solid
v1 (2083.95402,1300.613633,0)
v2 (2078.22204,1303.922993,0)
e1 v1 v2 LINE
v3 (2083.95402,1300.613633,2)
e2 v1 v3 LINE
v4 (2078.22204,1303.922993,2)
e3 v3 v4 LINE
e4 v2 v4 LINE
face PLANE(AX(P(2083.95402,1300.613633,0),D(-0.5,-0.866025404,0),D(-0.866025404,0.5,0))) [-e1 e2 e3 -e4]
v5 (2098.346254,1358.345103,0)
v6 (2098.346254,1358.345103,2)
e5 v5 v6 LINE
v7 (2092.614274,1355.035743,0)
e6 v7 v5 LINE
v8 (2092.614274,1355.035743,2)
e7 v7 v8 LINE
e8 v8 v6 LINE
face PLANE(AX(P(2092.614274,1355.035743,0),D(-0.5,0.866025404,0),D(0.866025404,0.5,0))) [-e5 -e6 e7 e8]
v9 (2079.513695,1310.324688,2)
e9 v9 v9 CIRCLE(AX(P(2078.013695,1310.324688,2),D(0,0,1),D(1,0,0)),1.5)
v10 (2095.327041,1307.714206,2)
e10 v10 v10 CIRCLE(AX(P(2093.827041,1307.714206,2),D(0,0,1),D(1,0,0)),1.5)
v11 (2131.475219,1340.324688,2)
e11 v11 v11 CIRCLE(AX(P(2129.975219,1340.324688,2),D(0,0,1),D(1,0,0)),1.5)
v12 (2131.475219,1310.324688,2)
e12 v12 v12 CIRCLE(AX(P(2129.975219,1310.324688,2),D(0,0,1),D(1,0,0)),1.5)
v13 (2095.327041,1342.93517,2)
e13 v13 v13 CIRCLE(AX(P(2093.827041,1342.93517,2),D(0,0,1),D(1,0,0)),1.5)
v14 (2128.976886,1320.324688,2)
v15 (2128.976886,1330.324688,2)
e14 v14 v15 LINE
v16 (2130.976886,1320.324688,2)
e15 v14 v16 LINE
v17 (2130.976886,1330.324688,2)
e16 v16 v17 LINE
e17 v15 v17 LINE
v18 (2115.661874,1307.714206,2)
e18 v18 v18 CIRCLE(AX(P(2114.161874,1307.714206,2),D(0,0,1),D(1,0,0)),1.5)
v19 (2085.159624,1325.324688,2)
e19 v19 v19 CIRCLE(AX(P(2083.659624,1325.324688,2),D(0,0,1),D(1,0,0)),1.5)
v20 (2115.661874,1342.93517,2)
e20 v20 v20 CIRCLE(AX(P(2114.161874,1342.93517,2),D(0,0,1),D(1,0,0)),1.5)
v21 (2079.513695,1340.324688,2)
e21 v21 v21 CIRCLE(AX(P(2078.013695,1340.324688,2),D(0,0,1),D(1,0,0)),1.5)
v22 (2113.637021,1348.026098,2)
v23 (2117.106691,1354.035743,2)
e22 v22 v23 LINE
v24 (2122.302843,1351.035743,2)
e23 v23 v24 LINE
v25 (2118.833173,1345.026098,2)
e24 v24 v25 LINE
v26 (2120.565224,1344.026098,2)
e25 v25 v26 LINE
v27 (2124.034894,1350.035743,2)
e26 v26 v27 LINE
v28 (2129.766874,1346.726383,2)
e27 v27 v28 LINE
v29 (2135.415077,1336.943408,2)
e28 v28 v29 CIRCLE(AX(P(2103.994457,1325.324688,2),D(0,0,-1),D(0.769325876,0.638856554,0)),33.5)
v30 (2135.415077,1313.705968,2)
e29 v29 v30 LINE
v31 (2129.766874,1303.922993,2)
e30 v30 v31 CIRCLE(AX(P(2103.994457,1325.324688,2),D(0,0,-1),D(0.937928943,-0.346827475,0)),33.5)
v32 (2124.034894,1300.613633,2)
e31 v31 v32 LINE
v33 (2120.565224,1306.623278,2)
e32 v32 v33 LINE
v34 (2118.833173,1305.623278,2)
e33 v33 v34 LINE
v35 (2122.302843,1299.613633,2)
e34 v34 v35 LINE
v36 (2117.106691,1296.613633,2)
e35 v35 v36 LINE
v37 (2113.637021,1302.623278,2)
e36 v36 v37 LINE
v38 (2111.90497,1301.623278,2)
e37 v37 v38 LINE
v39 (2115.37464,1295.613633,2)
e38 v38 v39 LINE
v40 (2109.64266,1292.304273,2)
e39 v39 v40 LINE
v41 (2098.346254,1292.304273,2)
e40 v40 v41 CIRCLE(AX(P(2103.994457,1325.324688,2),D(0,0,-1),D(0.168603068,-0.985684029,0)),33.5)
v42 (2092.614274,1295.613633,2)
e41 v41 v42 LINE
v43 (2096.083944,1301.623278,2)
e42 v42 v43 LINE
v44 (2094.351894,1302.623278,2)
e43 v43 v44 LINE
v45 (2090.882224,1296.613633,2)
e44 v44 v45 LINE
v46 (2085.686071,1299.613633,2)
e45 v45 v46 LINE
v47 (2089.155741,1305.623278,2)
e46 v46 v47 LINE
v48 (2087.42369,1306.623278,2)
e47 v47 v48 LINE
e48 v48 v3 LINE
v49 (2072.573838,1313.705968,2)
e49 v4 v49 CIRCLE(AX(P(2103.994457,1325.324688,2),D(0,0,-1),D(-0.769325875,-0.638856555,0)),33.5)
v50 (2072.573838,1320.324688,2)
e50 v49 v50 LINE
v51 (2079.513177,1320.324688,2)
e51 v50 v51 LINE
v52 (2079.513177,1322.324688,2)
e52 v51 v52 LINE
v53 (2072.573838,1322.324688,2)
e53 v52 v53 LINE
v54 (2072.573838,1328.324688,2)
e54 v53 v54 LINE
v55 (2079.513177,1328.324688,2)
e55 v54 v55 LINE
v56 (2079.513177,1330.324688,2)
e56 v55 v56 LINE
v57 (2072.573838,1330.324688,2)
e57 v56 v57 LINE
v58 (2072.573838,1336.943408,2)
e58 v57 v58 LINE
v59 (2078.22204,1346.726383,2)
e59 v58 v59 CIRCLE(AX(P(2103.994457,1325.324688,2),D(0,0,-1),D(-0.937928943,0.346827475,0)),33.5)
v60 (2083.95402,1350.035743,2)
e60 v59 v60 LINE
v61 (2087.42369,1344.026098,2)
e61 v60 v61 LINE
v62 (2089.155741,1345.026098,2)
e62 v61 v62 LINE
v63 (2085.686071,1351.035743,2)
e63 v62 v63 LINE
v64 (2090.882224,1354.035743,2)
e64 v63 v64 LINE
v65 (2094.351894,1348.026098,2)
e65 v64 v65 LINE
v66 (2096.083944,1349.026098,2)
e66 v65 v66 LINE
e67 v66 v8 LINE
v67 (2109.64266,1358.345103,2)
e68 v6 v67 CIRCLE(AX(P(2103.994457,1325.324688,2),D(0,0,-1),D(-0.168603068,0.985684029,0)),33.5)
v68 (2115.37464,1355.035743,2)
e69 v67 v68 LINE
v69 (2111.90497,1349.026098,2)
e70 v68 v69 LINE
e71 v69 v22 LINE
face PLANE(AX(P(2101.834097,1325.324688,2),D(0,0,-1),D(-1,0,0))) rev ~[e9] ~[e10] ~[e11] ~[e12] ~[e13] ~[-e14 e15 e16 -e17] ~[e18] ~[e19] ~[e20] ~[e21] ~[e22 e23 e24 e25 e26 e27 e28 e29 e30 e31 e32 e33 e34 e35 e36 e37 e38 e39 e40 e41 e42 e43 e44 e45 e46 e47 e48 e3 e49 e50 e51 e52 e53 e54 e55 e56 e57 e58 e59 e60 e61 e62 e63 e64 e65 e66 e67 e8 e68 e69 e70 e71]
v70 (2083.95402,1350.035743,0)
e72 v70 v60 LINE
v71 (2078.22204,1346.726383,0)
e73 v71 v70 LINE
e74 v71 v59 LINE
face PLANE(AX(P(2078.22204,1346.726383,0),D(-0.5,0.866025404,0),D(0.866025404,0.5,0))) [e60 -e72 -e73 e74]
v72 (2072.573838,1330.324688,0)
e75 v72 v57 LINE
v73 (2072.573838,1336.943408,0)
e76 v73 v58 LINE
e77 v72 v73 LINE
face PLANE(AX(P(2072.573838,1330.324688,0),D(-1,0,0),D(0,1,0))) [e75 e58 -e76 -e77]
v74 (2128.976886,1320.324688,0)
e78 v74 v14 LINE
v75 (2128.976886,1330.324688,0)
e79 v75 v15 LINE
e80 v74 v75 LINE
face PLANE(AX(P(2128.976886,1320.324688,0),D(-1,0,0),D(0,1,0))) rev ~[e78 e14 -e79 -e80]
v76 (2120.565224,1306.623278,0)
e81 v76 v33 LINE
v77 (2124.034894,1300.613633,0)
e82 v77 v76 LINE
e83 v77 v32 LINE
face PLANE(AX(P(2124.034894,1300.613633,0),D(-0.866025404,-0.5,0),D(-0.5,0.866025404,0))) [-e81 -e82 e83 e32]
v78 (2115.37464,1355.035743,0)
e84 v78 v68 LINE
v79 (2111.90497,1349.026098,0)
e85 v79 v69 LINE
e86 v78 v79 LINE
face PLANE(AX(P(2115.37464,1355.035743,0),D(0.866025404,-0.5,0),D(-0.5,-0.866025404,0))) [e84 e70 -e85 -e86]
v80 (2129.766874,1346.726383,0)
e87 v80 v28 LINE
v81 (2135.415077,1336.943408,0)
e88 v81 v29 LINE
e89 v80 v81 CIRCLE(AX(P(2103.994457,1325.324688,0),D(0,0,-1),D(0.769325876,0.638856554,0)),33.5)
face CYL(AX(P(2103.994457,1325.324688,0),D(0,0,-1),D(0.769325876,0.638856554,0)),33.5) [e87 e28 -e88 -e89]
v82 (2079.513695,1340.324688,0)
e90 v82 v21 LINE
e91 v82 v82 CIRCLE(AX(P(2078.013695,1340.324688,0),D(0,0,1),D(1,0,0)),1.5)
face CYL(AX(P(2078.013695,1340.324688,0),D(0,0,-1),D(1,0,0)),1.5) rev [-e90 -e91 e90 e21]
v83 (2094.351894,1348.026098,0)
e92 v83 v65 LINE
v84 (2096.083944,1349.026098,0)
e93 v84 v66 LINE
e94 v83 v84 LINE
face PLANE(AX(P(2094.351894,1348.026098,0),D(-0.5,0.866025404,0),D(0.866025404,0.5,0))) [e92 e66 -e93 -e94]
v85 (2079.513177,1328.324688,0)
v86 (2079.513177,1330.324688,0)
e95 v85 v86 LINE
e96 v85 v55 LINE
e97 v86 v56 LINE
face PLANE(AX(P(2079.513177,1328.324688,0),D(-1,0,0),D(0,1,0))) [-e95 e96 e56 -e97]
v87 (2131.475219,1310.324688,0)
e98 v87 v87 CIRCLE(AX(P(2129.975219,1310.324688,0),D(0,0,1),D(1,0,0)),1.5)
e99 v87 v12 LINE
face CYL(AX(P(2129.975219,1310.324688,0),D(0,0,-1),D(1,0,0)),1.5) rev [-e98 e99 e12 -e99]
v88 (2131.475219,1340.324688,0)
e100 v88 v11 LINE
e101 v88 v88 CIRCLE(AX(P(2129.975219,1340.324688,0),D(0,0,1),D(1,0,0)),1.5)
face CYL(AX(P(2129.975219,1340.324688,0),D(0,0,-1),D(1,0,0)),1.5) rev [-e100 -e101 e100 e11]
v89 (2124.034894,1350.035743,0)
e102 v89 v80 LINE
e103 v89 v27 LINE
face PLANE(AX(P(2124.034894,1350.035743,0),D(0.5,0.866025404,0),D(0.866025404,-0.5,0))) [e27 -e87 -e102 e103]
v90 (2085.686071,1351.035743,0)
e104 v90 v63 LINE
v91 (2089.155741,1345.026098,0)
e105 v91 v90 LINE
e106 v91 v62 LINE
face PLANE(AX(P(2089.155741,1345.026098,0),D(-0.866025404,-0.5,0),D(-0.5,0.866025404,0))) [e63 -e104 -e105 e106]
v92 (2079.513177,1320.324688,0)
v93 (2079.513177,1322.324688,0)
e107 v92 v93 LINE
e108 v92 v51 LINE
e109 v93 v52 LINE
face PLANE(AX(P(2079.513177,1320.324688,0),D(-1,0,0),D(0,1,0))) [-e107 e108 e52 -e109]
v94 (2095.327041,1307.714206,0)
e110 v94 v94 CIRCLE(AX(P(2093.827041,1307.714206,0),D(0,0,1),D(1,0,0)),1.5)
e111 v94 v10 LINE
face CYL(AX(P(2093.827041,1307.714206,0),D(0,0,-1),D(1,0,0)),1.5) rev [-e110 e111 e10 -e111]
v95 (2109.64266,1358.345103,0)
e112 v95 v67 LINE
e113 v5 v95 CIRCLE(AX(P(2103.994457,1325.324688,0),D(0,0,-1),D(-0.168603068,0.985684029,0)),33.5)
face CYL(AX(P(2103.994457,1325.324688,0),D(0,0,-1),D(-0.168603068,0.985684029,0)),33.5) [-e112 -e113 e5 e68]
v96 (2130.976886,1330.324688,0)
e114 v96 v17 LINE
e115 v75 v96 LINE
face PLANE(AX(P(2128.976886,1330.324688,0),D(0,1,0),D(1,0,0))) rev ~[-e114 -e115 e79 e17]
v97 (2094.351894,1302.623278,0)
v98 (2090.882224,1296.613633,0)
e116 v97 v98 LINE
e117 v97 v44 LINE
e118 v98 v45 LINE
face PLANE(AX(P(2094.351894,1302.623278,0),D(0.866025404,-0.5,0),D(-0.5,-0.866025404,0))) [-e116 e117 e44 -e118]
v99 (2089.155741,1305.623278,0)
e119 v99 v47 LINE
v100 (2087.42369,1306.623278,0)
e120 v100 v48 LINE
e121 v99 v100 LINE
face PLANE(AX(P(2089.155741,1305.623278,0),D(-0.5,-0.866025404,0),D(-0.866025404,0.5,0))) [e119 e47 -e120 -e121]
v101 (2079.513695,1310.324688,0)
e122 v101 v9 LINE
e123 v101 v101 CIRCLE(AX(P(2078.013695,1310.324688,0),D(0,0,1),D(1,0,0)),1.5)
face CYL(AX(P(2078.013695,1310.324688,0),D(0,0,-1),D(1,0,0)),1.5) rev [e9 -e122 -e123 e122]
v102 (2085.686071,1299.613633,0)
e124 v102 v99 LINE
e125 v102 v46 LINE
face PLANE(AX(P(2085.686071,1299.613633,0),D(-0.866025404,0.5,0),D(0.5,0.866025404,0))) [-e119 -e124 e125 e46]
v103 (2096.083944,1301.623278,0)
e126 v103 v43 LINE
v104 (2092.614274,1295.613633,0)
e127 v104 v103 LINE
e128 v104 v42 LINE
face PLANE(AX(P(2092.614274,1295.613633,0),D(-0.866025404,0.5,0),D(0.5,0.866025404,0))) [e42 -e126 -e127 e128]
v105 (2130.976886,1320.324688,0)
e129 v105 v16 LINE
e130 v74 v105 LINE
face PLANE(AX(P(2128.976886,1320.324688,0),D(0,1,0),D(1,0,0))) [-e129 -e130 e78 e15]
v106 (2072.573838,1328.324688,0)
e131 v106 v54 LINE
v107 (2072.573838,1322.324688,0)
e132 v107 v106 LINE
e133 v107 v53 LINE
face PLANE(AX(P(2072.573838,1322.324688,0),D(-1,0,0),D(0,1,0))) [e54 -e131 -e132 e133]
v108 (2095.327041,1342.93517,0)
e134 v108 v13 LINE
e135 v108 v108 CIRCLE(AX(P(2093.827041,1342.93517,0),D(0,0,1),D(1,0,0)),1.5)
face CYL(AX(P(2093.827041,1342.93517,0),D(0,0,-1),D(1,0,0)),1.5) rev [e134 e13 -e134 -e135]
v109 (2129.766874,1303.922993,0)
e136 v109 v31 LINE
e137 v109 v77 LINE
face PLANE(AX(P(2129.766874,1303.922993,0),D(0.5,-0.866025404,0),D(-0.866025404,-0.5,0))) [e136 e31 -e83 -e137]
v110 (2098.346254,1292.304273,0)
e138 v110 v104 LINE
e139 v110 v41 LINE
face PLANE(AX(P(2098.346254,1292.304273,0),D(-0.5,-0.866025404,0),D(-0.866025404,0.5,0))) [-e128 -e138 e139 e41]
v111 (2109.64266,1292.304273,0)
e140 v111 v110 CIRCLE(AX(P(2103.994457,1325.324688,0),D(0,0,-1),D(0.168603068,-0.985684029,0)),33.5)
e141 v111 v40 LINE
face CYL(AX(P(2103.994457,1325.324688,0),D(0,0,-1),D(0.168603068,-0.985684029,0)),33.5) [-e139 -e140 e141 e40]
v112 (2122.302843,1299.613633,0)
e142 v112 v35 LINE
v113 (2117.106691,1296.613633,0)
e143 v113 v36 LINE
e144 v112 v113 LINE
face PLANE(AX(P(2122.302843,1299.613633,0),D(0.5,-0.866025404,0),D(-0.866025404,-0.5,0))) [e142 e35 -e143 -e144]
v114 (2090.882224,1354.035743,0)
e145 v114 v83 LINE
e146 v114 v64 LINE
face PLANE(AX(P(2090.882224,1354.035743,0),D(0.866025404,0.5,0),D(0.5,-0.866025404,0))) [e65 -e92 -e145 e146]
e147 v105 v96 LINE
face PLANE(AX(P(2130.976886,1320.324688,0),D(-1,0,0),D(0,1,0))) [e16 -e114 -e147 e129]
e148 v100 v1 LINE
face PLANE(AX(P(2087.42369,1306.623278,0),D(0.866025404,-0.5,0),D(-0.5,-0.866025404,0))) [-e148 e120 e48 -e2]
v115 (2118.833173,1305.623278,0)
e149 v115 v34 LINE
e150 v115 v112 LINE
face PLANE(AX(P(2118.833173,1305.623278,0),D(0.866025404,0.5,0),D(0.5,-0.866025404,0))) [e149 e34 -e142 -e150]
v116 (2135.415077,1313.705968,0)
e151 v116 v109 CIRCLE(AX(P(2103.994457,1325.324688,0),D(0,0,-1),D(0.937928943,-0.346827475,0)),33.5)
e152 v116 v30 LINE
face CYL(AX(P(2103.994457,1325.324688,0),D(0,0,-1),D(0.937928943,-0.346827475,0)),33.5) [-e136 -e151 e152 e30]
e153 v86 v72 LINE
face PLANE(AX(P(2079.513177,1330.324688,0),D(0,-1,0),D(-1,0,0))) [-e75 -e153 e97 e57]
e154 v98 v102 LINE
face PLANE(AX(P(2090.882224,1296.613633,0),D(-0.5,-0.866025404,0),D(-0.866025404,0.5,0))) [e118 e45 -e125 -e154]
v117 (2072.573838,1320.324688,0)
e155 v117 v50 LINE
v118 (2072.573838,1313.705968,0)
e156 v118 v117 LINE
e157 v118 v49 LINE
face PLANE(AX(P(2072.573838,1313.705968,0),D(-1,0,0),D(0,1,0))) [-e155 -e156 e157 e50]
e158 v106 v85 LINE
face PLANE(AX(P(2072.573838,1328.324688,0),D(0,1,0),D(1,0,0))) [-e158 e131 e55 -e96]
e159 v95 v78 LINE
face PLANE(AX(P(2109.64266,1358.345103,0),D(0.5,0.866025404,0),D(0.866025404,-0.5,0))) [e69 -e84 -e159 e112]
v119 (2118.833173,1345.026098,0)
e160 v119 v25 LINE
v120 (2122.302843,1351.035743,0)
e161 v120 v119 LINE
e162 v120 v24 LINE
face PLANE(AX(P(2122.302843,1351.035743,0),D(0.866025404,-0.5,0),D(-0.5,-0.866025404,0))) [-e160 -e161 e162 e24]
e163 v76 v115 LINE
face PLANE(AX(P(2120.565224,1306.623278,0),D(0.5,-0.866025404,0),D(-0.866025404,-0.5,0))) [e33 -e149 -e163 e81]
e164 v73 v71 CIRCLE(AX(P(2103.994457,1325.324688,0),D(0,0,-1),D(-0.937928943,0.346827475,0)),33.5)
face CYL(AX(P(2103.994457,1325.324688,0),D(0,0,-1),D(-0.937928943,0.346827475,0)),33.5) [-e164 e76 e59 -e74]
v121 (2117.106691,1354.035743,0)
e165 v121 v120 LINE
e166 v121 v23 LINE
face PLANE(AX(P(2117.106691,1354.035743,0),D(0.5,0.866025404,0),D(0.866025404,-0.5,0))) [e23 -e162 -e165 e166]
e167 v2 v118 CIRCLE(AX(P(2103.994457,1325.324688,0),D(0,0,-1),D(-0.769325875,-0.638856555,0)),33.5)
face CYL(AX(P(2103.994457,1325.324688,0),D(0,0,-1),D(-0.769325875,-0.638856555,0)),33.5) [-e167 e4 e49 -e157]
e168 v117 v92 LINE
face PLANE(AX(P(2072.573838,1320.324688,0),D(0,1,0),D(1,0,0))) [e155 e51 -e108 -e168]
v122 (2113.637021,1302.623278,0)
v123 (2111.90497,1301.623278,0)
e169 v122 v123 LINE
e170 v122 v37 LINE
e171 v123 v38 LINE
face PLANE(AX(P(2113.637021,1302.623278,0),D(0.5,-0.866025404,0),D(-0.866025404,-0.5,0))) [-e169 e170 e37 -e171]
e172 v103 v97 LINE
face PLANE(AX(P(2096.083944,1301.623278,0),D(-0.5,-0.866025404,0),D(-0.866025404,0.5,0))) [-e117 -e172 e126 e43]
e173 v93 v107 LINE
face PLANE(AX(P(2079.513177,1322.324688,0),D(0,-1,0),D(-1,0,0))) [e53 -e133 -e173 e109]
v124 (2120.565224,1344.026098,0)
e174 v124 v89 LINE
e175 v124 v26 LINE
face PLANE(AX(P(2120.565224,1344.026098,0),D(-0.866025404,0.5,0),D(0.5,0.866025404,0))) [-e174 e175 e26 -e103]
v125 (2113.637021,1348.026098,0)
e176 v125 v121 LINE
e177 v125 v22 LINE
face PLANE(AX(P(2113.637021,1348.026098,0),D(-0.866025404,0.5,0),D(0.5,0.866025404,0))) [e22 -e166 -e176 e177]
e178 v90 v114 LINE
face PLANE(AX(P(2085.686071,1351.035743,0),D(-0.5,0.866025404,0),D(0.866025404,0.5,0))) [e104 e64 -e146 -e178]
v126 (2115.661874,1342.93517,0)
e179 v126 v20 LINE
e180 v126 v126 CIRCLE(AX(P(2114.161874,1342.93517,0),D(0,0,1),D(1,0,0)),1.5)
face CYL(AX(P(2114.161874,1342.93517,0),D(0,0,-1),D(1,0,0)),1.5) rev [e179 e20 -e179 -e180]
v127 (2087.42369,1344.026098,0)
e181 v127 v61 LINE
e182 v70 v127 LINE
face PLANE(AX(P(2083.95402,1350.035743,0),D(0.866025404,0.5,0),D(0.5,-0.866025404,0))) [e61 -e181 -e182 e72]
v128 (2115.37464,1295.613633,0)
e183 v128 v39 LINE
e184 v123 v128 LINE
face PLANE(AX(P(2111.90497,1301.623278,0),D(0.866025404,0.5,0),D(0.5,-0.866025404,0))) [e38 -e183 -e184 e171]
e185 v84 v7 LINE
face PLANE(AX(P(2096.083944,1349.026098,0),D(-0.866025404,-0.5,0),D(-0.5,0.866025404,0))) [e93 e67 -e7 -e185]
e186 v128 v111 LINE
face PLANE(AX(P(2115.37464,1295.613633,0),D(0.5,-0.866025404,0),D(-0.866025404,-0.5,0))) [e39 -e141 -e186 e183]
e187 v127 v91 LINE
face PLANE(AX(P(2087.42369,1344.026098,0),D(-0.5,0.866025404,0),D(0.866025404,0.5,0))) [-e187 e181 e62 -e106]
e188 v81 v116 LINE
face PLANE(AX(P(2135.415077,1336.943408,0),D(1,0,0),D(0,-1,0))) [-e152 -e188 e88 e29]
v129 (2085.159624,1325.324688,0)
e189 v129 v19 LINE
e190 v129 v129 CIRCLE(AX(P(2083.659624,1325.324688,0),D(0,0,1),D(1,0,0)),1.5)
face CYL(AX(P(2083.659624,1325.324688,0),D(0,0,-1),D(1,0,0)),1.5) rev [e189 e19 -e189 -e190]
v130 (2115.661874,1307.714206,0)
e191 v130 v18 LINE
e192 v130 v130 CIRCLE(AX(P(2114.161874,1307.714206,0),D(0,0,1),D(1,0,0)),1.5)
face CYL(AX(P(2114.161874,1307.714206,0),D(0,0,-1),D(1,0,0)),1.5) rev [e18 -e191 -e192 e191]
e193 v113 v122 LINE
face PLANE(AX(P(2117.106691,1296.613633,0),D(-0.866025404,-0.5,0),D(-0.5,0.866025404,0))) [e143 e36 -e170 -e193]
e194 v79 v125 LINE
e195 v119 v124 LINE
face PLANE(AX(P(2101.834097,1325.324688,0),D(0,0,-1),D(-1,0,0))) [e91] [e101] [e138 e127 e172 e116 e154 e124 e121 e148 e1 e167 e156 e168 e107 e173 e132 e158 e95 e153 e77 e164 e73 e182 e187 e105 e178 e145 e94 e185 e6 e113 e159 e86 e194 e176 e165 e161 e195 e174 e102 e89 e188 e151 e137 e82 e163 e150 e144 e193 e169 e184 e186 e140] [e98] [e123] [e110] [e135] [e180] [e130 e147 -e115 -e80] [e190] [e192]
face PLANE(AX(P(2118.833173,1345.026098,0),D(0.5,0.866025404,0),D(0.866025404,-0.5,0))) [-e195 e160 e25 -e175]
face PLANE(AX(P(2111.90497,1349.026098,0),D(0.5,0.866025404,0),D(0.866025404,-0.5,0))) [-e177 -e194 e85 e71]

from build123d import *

# Parameters (mm, degrees)
MODEL_R             = 1.5
MODEL_W             = 2
MODEL_H             = 10
BOSS_EXTRUDE2_DEPTH = 2


with BuildPart() as part:
    # Model → Boss-Extrude2 (new body)
    with BuildSketch(Plane.XY):
        with BuildLine():
            Line((2079.513177421, 1320.324687976), (2079.513177421, 1322.324687976))
            Line((2079.513177421, 1322.324687976), (2072.573837593, 1322.324687976))
            Line((2072.573837593, 1322.324687976), (2072.573837593, 1328.324687976))
            Line((2072.573837593, 1328.324687976), (2079.513177421, 1328.324687976))
            Line((2079.513177421, 1328.324687976), (2079.513177421, 1330.324687976))
            Line((2079.513177421, 1330.324687976), (2072.573837593, 1330.324687976))
            Line((2072.573837593, 1330.324687976), (2072.573837593, 1336.943408379))
            ThreePointArc((2072.573837593, 1336.943408379), (2074.982606168, 1342.074687976), (2078.222040366, 1346.726382553))
            Line((2078.222040366, 1346.726382553), (2083.954020375, 1350.035742754))
            Line((2083.954020375, 1350.035742754), (2087.423690289, 1344.026098178))
            Line((2087.423690289, 1344.026098178), (2089.155741097, 1345.026098178))
            Line((2089.155741097, 1345.026098178), (2085.686071183, 1351.035742754))
            Line((2085.686071183, 1351.035742754), (2090.882223605, 1354.035742754))
            Line((2090.882223605, 1354.035742754), (2094.351893519, 1348.026098178))
            Line((2094.351893519, 1348.026098178), (2096.083944327, 1349.026098178))
            Line((2096.083944327, 1349.026098178), (2092.614274413, 1355.035742754))
            Line((2092.614274413, 1355.035742754), (2098.346254422, 1358.345102956))
            ThreePointArc((2098.346254422, 1358.345102956), (2103.994457195, 1358.824687976), (2109.642659968, 1358.345102956))
            Line((2109.642659968, 1358.345102956), (2115.374639977, 1355.035742754))
            Line((2115.374639977, 1355.035742754), (2111.904970063, 1349.026098178))
            Line((2111.904970063, 1349.026098178), (2113.637020871, 1348.026098178))
            Line((2113.637020871, 1348.026098178), (2117.106690785, 1354.035742754))
            Line((2117.106690785, 1354.035742754), (2122.302843208, 1351.035742754))
            Line((2122.302843208, 1351.035742754), (2118.833173294, 1345.026098178))
            Line((2118.833173294, 1345.026098178), (2120.565224101, 1344.026098178))
            Line((2120.565224101, 1344.026098178), (2124.034894015, 1350.035742754))
            Line((2124.034894015, 1350.035742754), (2129.766874025, 1346.726382553))
            ThreePointArc((2129.766874025, 1346.726382553), (2133.006308222, 1342.074687976), (2135.415076798, 1336.943408379))
            Line((2135.415076798, 1336.943408379), (2135.415076798, 1313.705967573))
            ThreePointArc((2135.415076798, 1313.705967573), (2133.006308222, 1308.574687976), (2129.766874025, 1303.922993399))
            Line((2129.766874025, 1303.922993399), (2124.034894015, 1300.613633198))
            Line((2124.034894015, 1300.613633198), (2120.565224101, 1306.623277774))
            Line((2120.565224101, 1306.623277774), (2118.833173294, 1305.623277774))
            Line((2118.833173294, 1305.623277774), (2122.302843208, 1299.613633198))
            Line((2122.302843208, 1299.613633198), (2117.106690785, 1296.613633198))
            Line((2117.106690785, 1296.613633198), (2113.637020871, 1302.623277774))
            Line((2113.637020871, 1302.623277774), (2111.904970063, 1301.623277774))
            Line((2111.904970063, 1301.623277774), (2115.374639977, 1295.613633198))
            Line((2115.374639977, 1295.613633198), (2109.642659968, 1292.304272996))
            ThreePointArc((2109.642659968, 1292.304272996), (2103.994457195, 1291.824687976), (2098.346254422, 1292.304272996))
            Line((2098.346254422, 1292.304272996), (2092.614274413, 1295.613633198))
            Line((2092.614274413, 1295.613633198), (2096.083944327, 1301.623277774))
            Line((2096.083944327, 1301.623277774), (2094.351893519, 1302.623277774))
            Line((2094.351893519, 1302.623277774), (2090.882223605, 1296.613633198))
            Line((2090.882223605, 1296.613633198), (2085.686071183, 1299.613633198))
            Line((2085.686071183, 1299.613633198), (2089.155741097, 1305.623277774))
            Line((2089.155741097, 1305.623277774), (2087.423690289, 1306.623277774))
            Line((2087.423690289, 1306.623277774), (2083.954020375, 1300.613633198))
            Line((2083.954020375, 1300.613633198), (2078.222040366, 1303.922993399))
            ThreePointArc((2078.222040366, 1303.922993399), (2074.982606168, 1308.574687976), (2072.573837593, 1313.705967573))
            Line((2072.573837593, 1313.705967573), (2072.573837593, 1320.324687976))
            Line((2072.573837593, 1320.324687976), (2079.513177421, 1320.324687976))
        make_face()
        with Locations((2083.65962403, 1325.324687976)):
            Circle(MODEL_R, mode=Mode.SUBTRACT)
        with Locations((2093.827040613, 1342.935170078)):
            Circle(MODEL_R, mode=Mode.SUBTRACT)
        with Locations((2093.827040613, 1307.714205874)):
            Circle(MODEL_R, mode=Mode.SUBTRACT)
        with Locations((2114.161873777, 1307.714205874)):
            Circle(MODEL_R, mode=Mode.SUBTRACT)
        with Locations((2114.161873777, 1342.935170078)):
            Circle(MODEL_R, mode=Mode.SUBTRACT)
        with Locations((2078.013695082, 1340.324687976)):
            Circle(MODEL_R, mode=Mode.SUBTRACT)
        with Locations((2078.013695082, 1310.324687976)):
            Circle(MODEL_R, mode=Mode.SUBTRACT)
        with Locations((2129.975219309, 1340.324687976)):
            Circle(MODEL_R, mode=Mode.SUBTRACT)
        with Locations((2129.975219309, 1310.324687976)):
            Circle(MODEL_R, mode=Mode.SUBTRACT)
        with Locations((2129.976886457, 1325.324687976)):
            Rectangle(MODEL_W, MODEL_H, mode=Mode.SUBTRACT)
    extrude(amount=BOSS_EXTRUDE2_DEPTH)


solid = part.part
